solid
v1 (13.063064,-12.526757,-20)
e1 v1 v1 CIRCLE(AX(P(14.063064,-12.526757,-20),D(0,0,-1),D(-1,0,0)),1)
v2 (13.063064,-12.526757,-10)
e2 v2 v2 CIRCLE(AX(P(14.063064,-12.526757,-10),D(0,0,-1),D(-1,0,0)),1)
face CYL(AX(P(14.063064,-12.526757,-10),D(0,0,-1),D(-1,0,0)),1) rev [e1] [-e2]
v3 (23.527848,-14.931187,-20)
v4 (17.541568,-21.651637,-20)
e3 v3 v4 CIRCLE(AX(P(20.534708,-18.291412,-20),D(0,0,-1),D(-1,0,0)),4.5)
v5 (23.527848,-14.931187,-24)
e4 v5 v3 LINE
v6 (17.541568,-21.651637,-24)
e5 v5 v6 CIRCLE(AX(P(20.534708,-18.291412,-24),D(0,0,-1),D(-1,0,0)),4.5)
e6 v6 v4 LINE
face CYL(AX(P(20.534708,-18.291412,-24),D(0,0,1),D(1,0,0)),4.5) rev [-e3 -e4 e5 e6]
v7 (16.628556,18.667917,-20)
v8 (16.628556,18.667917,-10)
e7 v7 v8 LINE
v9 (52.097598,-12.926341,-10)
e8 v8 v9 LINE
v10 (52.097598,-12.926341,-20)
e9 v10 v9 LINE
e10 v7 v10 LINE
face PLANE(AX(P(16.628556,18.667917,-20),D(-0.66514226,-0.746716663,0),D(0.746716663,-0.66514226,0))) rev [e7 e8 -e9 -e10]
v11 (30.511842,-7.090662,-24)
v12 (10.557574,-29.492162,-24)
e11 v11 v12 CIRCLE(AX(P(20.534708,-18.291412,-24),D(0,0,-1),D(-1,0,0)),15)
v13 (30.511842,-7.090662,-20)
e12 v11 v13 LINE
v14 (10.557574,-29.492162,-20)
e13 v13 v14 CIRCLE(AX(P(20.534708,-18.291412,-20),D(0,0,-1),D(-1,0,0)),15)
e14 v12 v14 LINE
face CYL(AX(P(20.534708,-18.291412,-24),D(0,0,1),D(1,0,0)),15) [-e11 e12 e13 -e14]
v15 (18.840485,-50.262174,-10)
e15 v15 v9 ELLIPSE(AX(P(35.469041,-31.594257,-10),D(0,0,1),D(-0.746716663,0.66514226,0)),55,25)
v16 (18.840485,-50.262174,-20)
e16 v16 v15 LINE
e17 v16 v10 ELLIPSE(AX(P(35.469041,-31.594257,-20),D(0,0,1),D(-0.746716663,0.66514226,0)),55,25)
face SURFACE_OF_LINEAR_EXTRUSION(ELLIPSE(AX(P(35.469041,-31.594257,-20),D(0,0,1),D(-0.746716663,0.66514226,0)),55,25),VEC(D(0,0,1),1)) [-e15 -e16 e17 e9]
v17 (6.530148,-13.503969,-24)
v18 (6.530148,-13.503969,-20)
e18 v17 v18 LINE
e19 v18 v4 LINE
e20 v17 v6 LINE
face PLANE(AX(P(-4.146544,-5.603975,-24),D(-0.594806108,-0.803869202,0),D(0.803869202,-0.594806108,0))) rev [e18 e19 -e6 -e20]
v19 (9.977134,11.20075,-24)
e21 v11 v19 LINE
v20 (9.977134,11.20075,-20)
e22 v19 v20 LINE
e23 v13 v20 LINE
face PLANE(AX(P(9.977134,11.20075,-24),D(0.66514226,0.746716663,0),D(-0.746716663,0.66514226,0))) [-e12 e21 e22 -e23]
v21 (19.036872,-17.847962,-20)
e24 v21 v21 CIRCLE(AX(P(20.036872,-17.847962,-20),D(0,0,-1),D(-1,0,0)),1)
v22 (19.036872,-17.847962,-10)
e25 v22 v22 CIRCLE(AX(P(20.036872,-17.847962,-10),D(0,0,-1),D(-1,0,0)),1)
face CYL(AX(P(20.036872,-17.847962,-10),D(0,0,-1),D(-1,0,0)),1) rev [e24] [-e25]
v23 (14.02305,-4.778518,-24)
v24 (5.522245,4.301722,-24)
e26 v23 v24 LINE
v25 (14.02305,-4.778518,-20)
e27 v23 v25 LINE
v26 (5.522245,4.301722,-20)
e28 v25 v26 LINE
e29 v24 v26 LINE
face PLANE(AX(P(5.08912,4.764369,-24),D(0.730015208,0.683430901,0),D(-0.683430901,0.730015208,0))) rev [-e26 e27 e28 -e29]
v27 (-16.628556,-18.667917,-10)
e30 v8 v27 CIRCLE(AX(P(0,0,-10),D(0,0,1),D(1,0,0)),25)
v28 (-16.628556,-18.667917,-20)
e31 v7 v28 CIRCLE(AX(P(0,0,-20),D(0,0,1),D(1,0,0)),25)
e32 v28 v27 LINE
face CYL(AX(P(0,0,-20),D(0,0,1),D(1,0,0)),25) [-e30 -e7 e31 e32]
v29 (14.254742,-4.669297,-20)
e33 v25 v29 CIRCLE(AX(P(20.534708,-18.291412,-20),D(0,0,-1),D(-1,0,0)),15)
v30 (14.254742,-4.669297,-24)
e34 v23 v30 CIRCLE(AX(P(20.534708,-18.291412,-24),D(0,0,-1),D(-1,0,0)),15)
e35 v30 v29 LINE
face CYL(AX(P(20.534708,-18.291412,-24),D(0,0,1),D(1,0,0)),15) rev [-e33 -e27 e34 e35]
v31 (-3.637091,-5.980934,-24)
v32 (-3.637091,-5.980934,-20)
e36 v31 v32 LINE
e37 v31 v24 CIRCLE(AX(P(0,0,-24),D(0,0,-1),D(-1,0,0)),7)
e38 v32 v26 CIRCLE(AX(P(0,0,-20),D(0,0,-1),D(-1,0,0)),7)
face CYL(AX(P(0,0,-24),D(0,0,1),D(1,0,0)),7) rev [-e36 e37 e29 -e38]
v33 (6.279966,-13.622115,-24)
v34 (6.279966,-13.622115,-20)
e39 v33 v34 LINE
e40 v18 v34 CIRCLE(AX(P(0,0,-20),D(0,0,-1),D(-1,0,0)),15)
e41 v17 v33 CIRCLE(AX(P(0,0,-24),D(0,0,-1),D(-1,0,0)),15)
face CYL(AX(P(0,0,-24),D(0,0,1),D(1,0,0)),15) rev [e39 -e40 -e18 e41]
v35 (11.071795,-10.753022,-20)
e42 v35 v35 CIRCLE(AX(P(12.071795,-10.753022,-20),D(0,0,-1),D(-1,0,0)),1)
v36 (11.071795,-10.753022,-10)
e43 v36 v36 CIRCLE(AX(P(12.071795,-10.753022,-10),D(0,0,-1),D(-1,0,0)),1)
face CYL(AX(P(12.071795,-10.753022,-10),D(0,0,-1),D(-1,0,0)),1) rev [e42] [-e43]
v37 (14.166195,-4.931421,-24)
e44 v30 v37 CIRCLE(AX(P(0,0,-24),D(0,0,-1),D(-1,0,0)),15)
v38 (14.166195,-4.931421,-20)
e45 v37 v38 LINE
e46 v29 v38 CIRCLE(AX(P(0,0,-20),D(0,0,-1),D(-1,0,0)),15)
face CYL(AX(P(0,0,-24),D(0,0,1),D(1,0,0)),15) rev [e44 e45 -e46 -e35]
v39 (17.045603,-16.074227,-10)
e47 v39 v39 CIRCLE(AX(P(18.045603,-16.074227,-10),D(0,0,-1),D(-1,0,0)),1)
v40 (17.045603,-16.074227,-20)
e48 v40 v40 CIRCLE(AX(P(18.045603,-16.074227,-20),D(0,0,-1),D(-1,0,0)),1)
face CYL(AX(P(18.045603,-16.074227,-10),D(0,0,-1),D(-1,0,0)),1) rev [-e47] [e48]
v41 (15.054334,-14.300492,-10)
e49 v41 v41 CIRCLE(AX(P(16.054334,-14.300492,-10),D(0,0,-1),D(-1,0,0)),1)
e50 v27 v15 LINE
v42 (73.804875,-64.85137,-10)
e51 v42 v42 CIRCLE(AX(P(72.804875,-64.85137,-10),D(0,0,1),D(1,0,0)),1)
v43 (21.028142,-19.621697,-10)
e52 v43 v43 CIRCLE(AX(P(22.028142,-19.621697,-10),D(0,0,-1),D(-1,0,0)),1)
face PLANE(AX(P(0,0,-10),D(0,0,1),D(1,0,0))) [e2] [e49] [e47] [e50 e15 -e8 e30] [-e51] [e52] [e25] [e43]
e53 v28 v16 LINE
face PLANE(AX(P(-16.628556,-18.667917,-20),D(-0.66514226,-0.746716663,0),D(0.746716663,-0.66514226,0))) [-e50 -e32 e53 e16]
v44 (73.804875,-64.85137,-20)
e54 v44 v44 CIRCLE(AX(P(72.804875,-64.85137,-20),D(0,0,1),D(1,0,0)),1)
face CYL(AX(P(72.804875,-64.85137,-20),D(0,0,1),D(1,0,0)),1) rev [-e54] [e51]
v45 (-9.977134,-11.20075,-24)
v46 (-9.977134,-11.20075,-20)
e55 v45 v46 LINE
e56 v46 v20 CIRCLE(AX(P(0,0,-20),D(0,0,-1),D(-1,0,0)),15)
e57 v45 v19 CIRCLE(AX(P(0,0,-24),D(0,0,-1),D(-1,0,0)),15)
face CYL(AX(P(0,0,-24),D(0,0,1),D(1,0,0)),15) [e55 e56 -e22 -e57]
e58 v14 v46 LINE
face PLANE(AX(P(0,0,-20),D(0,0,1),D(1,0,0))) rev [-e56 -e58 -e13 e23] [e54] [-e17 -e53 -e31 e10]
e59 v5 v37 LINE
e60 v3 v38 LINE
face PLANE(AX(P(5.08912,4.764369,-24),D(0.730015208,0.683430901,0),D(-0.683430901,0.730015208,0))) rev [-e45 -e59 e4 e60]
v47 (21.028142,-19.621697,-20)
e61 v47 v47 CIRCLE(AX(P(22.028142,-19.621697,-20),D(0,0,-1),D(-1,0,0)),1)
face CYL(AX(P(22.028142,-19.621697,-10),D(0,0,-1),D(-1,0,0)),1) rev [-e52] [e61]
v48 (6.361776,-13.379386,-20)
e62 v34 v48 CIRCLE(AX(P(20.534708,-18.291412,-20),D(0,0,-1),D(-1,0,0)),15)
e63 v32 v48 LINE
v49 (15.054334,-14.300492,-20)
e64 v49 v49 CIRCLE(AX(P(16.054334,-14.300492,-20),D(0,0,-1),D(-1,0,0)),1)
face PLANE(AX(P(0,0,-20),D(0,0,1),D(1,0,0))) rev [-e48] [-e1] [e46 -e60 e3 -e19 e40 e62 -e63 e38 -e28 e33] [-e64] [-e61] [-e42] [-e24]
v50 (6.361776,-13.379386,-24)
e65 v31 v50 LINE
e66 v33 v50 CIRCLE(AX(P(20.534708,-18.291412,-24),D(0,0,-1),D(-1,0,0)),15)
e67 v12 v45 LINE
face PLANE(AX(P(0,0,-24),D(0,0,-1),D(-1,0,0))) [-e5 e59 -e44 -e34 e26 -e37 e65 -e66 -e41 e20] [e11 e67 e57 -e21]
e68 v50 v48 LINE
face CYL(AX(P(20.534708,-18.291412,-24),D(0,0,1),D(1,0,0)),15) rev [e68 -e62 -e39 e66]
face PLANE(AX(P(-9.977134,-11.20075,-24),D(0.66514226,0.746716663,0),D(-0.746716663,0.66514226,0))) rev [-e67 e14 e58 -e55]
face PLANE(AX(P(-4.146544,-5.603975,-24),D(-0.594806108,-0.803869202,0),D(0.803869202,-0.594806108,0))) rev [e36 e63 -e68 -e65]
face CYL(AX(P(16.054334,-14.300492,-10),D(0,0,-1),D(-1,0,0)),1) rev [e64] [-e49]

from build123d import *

# Parameters (mm, degrees)
BOSS_EXTRU_1_START      = -10
ESQUISSE1_R             = 1
BOSS_EXTRU_1_DEPTH      = 10
BOSS_EXTRU_4_DEPTH      = 4
ESQUISSE3_R             = 1
ENL_V_MAT_EXTRU_1_DEPTH = 109.372369122


with BuildPart() as part:
    # Esquisse1 → Boss.-Extru.1 (new body)
    with BuildSketch(Plane.XY.offset(BOSS_EXTRU_1_START)):
        with BuildLine():
            add(Edge.make_bspline(
                [(18.84048499, -50.262173902), (59.909901441, -86.844998182), (76.538457933, -68.177081613)],
                knots=[4.71238898, 4.71238898, 4.71238898, 6.283185307, 6.283185307, 6.283185307], degree=2, weights=[1, 0.707106781, 1]))
            add(Edge.make_bspline(
                [(76.538457933, -68.177081613), (93.167014424, -49.509165044), (52.097597972, -12.926340764)],
                knots=[0, 0, 0, 1.570796327, 1.570796327, 1.570796327], degree=2, weights=[1, 0.707106781, 1]))
            Line((52.097597972, -12.926340764), (16.628556491, 18.667916569))
            ThreePointArc((16.628556491, 18.667916569), (-18.667916569, 16.628556491), (-16.628556491, -18.667916569))
            Line((-16.628556491, -18.667916569), (18.84048499, -50.262173902))
        make_face()
        with Locations((72.804874619, -64.851370315)):
            Circle(ESQUISSE1_R, mode=Mode.SUBTRACT)
    extrude(amount=-BOSS_EXTRU_1_DEPTH)

    # Esquisse2 → Boss.-Extru.4 (add)
    with BuildSketch(Plane(origin=(0, 0, -20), x_dir=(-1, 0, 0), z_dir=(0, 0, -1))):
        with BuildLine():
            Line((-23.527848394, -14.931187158), (-30.51184212, -7.090662199))
            ThreePointArc((-30.51184212, -7.090662199), (-35.509733497, -17.426184936), (-31.735458167, -28.268546035))
            Line((-31.735458167, -28.268546035), (-23.894933208, -21.284552309))
            ThreePointArc((-23.894933208, -21.284552309), (-25.027215807, -18.031843979), (-23.527848394, -14.931187158))
        make_face()
        with BuildLine():
            ThreePointArc((-31.735458167, -28.268546035), (-21.39993543, -33.266437412), (-10.557574331, -29.492162082))
            Line((-10.557574331, -29.492162082), (-17.541568057, -21.651637123))
            ThreePointArc((-17.541568057, -21.651637123), (-20.794276387, -22.783919722), (-23.894933208, -21.284552309))
            Line((-23.894933208, -21.284552309), (-31.735458167, -28.268546035))
        make_face()
        with BuildLine():
            Line((-23.527848394, -14.931187158), (-30.51184212, -7.090662199))
            ThreePointArc((-30.51184212, -7.090662199), (-35.509733497, -17.426184936), (-31.735458167, -28.268546035))
            Line((-31.735458167, -28.268546035), (-23.894933208, -21.284552309))
            ThreePointArc((-23.894933208, -21.284552309), (-25.027215807, -18.031843979), (-23.527848394, -14.931187158))
        make_face()
        with BuildLine():
            ThreePointArc((-31.735458167, -28.268546035), (-21.39993543, -33.266437412), (-10.557574331, -29.492162082))
            Line((-10.557574331, -29.492162082), (-17.541568057, -21.651637123))
            ThreePointArc((-17.541568057, -21.651637123), (-20.794276387, -22.783919722), (-23.894933208, -21.284552309))
            Line((-23.894933208, -21.284552309), (-31.735458167, -28.268546035))
        make_face()
        with BuildLine():
            ThreePointArc((-14.254741883, -4.669296932), (-22.744462605, -3.455072107), (-30.51184212, -7.090662199))
            Line((-30.51184212, -7.090662199), (-23.527848394, -14.931187158))
            Line((-23.527848394, -14.931187158), (-14.166195215, -4.931421004))
            ThreePointArc((-14.166195215, -4.931421004), (-14.211072924, -4.800563129), (-14.254741883, -4.669296932))
        make_face()
        with BuildLine():
            Line((-17.541568057, -21.651637123), (-10.557574331, -29.492162082))
            ThreePointArc((-10.557574331, -29.492162082), (-6.847907862, -24.429123097), (-5.534708226, -18.29141214))
            ThreePointArc((-5.534708226, -18.29141214), (-5.722194458, -15.927213359), (-6.279966343, -13.622115208))
            ThreePointArc((-6.279966343, -13.622115208), (-6.405329622, -13.563618707), (-6.530148083, -13.503968528))
            Line((-6.530148083, -13.503968528), (-17.541568057, -21.651637123))
        make_face()
        with BuildLine():
            ThreePointArc((-5.522244788, 4.301722039), (-5.110106455, 4.784016306), (-4.655995817, 5.227016639))
            Line((-4.655995817, 5.227016639), (-9.977133895, 11.200749941))
            ThreePointArc((-9.977133895, 11.200749941), (-14.483112506, 3.903774088), (-14.254741883, -4.669296932))
            ThreePointArc((-14.254741883, -4.669296932), (-14.138662596, -4.723413014), (-14.023049593, -4.778518229))
            Line((-14.023049593, -4.778518229), (-5.522244788, 4.301722039))
        make_face()
        with BuildLine():
            Line((-9.977133895, 11.200749941), (-4.655995817, 5.227016639))
            ThreePointArc((-4.655995817, 5.227016639), (2.864265113, 6.387173503), (7, 0))
            ThreePointArc((7, 0), (6.387173503, -2.864265113), (4.655995817, -5.227016639))
            Line((4.655995817, -5.227016639), (9.977133895, -11.200749941))
            ThreePointArc((9.977133895, -11.200749941), (13.686800364, -6.137710957), (15, 0))
            ThreePointArc((15, 0), (6.137710957, 13.686800364), (-9.977133895, 11.200749941))
        make_face()
        with BuildLine():
            Line((9.977133895, -11.200749941), (4.655995817, -5.227016639))
            ThreePointArc((4.655995817, -5.227016639), (4.163642753, -5.627084416), (3.637091246, -5.980933645))
            Line((3.637091246, -5.980933645), (-6.361776479, -13.379385501))
            ThreePointArc((-6.361776479, -13.379385501), (-6.320353283, -13.500575724), (-6.279966343, -13.622115208))
            ThreePointArc((-6.279966343, -13.622115208), (2.209754379, -14.836340033), (9.977133895, -11.200749941))
        make_face()
        with BuildLine():
            Line((-10.557574331, -29.492162082), (9.977133895, -11.200749941))
            ThreePointArc((9.977133895, -11.200749941), (2.209754379, -14.836340033), (-6.279966343, -13.622115208))
            ThreePointArc((-6.279966343, -13.622115208), (-5.722194458, -15.927213359), (-5.534708226, -18.29141214))
            ThreePointArc((-5.534708226, -18.29141214), (-6.847907862, -24.429123097), (-10.557574331, -29.492162082))
        make_face()
        with BuildLine():
            ThreePointArc((-14.254741883, -4.669296932), (-14.483112506, 3.903774088), (-9.977133895, 11.200749941))
            Line((-9.977133895, 11.200749941), (-30.51184212, -7.090662199))
            ThreePointArc((-30.51184212, -7.090662199), (-22.744462605, -3.455072107), (-14.254741883, -4.669296932))
        make_face()
    extrude(amount=BOSS_EXTRU_4_DEPTH)

    # Esquisse3 → Enlèv. mat.-Extru.1 (cut, through all)
    with BuildSketch(Plane(origin=(0, 0, -20), x_dir=(-1, 0, 0), z_dir=(0, 0, -1))):
        with Locations((-20.036872227, -17.847961796)):
            Circle(ESQUISSE3_R)
        with Locations((-22.028141551, -19.621696659)):
            Circle(ESQUISSE3_R)
        with Locations((-18.045602902, -16.074226932)):
            Circle(ESQUISSE3_R)
        with Locations((-16.054333578, -14.300492068)):
            Circle(ESQUISSE3_R)
        with Locations((-14.063064253, -12.526757204)):
            Circle(ESQUISSE3_R)
        with Locations((-12.071794928, -10.753022341)):
            Circle(ESQUISSE3_R)
    extrude(amount=-ENL_V_MAT_EXTRU_1_DEPTH, mode=Mode.SUBTRACT)


solid = part.part
